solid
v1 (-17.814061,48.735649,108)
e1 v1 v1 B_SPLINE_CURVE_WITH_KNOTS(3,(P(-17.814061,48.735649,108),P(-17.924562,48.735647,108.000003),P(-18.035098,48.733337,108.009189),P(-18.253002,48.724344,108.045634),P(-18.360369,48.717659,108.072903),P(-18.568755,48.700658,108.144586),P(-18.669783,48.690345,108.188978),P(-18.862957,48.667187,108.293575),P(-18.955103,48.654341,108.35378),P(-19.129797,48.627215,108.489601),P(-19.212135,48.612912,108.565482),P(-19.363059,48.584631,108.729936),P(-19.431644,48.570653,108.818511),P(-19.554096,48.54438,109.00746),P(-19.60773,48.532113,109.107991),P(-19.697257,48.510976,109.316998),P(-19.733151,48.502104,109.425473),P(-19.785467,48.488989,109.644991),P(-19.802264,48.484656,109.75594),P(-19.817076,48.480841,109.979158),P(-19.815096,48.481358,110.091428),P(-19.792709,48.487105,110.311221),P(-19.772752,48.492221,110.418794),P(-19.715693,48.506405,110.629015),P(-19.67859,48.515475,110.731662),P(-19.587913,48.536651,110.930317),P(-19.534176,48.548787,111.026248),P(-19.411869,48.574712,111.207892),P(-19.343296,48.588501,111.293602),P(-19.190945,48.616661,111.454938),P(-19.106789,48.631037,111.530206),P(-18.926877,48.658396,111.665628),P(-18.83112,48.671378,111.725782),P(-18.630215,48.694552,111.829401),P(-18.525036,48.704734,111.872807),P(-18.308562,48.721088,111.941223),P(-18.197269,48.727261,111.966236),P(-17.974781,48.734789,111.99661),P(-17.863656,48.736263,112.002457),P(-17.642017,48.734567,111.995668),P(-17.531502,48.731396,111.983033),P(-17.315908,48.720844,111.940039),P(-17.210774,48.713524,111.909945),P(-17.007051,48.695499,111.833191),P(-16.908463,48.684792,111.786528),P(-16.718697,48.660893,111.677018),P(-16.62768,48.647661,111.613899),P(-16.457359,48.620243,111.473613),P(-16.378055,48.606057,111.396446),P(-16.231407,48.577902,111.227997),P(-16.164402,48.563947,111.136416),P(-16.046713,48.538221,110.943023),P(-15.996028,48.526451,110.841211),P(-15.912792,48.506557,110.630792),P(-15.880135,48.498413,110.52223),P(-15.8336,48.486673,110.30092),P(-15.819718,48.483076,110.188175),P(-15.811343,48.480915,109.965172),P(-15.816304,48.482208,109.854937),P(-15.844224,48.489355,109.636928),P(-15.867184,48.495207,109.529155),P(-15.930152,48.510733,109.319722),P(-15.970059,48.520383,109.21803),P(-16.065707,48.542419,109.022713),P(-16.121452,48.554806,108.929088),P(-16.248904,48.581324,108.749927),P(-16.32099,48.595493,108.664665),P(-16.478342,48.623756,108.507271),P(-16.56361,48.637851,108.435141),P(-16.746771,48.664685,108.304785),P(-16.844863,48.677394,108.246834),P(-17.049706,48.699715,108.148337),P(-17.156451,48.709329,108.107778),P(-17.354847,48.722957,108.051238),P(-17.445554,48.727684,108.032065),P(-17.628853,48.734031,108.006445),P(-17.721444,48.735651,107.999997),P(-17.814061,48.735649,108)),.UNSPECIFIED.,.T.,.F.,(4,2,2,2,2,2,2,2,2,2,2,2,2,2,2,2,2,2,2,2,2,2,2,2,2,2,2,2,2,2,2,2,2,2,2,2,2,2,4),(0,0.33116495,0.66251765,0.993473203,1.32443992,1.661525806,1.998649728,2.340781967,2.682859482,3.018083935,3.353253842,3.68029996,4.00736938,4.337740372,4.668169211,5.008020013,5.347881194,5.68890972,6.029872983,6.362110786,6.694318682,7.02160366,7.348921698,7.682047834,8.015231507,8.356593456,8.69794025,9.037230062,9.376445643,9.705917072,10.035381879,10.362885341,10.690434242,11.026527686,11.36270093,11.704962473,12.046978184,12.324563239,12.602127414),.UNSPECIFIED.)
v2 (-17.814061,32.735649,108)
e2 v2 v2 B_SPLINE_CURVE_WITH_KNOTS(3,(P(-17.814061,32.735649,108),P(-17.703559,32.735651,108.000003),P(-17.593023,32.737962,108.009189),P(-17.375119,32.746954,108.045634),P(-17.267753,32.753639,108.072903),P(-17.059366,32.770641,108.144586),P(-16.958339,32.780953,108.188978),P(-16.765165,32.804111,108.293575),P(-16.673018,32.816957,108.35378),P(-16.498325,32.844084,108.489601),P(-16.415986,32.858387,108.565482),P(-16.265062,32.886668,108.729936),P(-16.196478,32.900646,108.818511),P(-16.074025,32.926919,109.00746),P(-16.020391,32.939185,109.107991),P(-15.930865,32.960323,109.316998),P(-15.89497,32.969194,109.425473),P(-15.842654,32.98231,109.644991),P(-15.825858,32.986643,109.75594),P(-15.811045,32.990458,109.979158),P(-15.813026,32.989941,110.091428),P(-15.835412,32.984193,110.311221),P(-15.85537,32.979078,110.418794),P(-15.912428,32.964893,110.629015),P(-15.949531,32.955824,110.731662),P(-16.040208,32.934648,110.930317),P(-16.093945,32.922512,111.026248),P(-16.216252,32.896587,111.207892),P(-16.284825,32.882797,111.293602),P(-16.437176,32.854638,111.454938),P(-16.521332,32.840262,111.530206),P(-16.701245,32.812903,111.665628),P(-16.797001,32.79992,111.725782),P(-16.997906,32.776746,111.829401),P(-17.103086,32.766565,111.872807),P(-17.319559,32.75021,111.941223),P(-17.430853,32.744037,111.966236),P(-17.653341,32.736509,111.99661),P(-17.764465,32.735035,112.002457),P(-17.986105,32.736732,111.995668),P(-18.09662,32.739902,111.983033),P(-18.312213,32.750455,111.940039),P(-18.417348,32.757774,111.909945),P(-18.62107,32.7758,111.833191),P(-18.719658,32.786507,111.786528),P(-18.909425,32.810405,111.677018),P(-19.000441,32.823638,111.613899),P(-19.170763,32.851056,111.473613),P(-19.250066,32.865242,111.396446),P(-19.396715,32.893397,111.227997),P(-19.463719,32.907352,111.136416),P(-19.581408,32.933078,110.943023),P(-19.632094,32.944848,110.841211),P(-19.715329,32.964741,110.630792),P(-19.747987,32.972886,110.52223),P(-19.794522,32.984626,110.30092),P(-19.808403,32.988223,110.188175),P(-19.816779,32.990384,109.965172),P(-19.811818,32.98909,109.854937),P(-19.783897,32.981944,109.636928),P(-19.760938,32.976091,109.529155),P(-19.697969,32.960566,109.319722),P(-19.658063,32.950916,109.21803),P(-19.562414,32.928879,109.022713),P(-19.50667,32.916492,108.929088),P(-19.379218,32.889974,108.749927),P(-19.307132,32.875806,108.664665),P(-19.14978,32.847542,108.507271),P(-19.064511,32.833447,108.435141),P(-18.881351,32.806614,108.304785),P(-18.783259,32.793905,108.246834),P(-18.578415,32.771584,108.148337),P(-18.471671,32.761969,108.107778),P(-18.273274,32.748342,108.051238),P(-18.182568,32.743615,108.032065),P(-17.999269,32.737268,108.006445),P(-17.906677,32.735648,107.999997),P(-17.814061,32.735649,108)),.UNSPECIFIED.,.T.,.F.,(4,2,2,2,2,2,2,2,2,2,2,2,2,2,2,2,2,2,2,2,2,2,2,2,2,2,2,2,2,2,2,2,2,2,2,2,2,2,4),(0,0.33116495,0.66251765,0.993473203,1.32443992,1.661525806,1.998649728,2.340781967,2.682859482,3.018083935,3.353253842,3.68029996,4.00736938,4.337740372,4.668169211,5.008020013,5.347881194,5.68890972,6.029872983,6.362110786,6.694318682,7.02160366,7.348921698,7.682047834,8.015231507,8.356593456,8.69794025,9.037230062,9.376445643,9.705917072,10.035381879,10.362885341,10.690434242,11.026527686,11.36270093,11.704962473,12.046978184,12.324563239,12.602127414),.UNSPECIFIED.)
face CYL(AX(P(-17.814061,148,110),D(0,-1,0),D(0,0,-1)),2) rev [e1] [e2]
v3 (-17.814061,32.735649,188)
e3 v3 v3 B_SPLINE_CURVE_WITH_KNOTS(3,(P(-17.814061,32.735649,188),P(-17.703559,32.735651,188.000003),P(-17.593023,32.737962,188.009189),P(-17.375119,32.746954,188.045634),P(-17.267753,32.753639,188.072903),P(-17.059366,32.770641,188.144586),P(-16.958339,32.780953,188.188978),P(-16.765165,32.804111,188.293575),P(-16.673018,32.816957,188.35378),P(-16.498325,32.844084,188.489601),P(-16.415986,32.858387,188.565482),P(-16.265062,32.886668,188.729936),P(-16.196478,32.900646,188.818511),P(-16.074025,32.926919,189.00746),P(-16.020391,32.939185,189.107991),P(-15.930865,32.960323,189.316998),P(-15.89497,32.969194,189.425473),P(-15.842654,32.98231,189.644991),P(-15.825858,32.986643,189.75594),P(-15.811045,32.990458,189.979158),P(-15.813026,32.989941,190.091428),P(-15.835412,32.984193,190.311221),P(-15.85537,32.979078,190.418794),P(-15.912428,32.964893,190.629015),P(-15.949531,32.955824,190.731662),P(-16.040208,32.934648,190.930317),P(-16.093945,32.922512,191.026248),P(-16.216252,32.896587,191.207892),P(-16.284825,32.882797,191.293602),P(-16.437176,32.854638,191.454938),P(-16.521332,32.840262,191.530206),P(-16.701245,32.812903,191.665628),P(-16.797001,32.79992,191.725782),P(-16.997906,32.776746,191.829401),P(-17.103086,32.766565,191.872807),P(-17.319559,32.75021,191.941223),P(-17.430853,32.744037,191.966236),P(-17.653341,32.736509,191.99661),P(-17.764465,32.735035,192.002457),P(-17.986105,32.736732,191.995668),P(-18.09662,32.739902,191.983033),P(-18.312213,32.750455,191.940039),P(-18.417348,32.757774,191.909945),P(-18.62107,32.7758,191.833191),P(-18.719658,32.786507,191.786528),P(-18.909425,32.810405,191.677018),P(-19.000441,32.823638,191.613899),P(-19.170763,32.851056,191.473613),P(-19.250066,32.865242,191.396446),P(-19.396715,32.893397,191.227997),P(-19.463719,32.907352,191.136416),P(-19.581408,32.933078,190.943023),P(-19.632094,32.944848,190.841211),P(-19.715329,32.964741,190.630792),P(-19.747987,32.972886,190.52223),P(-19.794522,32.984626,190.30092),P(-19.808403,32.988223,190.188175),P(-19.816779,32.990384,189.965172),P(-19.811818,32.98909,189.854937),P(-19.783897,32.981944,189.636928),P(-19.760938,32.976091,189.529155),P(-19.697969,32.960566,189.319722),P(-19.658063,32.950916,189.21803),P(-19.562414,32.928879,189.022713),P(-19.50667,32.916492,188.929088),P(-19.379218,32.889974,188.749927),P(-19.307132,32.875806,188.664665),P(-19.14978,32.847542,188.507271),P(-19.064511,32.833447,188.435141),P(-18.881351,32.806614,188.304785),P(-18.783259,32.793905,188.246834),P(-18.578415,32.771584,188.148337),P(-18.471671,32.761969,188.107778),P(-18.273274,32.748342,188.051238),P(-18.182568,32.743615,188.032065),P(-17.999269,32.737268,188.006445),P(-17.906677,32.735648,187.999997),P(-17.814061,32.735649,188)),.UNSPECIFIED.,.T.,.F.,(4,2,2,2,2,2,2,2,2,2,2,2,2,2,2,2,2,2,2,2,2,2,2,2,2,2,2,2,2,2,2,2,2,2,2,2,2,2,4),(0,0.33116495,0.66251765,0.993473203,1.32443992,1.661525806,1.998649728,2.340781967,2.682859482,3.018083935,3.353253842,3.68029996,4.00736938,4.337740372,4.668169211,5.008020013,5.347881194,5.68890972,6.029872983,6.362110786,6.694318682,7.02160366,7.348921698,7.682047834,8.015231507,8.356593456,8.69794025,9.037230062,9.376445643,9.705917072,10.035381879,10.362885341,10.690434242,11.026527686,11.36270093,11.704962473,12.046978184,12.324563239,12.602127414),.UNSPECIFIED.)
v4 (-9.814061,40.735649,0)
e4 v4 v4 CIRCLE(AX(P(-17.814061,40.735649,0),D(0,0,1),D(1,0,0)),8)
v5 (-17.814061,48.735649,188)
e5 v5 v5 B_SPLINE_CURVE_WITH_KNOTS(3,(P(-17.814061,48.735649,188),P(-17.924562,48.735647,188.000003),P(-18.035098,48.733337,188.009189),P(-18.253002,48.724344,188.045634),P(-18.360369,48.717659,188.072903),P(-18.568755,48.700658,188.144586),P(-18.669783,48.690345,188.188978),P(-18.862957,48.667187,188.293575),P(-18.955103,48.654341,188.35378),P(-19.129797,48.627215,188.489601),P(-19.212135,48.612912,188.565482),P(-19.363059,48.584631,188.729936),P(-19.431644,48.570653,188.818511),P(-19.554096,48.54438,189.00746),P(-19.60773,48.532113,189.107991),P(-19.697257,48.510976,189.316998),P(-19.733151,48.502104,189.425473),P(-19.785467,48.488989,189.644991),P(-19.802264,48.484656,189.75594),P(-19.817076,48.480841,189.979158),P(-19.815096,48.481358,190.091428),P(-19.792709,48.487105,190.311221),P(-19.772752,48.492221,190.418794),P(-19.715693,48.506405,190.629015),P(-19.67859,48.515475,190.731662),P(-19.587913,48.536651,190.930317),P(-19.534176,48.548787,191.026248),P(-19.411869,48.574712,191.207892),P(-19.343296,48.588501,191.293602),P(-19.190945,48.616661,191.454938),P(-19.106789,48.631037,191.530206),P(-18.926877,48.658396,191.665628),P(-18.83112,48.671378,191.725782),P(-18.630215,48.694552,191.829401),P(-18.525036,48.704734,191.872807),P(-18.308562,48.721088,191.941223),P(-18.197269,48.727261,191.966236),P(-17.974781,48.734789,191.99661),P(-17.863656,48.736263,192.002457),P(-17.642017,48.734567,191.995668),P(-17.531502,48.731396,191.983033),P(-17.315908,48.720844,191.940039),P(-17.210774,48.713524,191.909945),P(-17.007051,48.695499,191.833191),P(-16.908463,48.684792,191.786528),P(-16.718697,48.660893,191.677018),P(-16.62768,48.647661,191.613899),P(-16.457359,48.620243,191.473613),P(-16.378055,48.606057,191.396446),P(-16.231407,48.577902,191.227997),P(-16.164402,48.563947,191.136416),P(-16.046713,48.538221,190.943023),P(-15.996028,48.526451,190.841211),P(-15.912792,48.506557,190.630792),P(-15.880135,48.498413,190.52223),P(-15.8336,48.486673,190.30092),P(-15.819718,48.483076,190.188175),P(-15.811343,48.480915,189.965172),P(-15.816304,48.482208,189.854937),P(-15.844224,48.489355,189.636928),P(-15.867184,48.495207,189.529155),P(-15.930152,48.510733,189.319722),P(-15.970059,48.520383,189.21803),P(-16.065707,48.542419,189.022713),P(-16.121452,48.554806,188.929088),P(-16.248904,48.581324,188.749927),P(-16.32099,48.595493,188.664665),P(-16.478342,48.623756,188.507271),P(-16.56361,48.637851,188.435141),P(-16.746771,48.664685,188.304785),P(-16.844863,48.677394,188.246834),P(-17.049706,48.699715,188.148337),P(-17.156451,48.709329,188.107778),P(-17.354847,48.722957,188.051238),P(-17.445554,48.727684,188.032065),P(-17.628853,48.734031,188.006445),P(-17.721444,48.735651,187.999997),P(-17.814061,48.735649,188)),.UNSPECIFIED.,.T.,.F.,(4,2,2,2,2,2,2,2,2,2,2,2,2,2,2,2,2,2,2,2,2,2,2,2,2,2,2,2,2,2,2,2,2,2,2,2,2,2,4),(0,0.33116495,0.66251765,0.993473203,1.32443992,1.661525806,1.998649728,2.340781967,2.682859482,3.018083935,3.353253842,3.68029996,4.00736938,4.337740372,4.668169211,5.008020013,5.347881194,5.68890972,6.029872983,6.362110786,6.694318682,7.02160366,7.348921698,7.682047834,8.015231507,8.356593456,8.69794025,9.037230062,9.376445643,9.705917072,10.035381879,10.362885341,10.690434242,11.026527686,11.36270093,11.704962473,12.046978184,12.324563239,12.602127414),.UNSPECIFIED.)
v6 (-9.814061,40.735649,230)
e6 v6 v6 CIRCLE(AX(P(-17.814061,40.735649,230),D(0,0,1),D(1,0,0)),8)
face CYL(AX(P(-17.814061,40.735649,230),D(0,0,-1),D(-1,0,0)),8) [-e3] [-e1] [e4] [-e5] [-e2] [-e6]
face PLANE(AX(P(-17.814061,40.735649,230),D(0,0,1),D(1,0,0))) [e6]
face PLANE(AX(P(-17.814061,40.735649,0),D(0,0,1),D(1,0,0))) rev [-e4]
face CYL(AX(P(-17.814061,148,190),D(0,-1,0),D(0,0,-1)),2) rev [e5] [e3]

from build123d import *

# Parameters (mm, degrees)
SKETCH_1_R          = 8
EXTRUDE_1_DEPTH     = 230
SKETCH_2_R          = 2
CUT_EXTRUDE_1_DEPTH = 148


with BuildPart() as part:
    # 草图1 → 凸台-拉伸1 (new body)
    with BuildSketch(Plane.XY):
        with Locations((-17.814060708, 40.735649312)):
            Circle(SKETCH_1_R)
    extrude(amount=EXTRUDE_1_DEPTH)

    # 草图2 → 切除-拉伸1 (cut)
    with BuildSketch(Plane(origin=(0, 0, 0), x_dir=(1, 0, 0), z_dir=(0, 1, 0))):
        with Locations((-17.814060708, -110)):
            Circle(SKETCH_2_R)
        with Locations((-17.814060708, -190)):
            Circle(SKETCH_2_R)
    extrude(amount=CUT_EXTRUDE_1_DEPTH, mode=Mode.SUBTRACT)


solid = part.part
